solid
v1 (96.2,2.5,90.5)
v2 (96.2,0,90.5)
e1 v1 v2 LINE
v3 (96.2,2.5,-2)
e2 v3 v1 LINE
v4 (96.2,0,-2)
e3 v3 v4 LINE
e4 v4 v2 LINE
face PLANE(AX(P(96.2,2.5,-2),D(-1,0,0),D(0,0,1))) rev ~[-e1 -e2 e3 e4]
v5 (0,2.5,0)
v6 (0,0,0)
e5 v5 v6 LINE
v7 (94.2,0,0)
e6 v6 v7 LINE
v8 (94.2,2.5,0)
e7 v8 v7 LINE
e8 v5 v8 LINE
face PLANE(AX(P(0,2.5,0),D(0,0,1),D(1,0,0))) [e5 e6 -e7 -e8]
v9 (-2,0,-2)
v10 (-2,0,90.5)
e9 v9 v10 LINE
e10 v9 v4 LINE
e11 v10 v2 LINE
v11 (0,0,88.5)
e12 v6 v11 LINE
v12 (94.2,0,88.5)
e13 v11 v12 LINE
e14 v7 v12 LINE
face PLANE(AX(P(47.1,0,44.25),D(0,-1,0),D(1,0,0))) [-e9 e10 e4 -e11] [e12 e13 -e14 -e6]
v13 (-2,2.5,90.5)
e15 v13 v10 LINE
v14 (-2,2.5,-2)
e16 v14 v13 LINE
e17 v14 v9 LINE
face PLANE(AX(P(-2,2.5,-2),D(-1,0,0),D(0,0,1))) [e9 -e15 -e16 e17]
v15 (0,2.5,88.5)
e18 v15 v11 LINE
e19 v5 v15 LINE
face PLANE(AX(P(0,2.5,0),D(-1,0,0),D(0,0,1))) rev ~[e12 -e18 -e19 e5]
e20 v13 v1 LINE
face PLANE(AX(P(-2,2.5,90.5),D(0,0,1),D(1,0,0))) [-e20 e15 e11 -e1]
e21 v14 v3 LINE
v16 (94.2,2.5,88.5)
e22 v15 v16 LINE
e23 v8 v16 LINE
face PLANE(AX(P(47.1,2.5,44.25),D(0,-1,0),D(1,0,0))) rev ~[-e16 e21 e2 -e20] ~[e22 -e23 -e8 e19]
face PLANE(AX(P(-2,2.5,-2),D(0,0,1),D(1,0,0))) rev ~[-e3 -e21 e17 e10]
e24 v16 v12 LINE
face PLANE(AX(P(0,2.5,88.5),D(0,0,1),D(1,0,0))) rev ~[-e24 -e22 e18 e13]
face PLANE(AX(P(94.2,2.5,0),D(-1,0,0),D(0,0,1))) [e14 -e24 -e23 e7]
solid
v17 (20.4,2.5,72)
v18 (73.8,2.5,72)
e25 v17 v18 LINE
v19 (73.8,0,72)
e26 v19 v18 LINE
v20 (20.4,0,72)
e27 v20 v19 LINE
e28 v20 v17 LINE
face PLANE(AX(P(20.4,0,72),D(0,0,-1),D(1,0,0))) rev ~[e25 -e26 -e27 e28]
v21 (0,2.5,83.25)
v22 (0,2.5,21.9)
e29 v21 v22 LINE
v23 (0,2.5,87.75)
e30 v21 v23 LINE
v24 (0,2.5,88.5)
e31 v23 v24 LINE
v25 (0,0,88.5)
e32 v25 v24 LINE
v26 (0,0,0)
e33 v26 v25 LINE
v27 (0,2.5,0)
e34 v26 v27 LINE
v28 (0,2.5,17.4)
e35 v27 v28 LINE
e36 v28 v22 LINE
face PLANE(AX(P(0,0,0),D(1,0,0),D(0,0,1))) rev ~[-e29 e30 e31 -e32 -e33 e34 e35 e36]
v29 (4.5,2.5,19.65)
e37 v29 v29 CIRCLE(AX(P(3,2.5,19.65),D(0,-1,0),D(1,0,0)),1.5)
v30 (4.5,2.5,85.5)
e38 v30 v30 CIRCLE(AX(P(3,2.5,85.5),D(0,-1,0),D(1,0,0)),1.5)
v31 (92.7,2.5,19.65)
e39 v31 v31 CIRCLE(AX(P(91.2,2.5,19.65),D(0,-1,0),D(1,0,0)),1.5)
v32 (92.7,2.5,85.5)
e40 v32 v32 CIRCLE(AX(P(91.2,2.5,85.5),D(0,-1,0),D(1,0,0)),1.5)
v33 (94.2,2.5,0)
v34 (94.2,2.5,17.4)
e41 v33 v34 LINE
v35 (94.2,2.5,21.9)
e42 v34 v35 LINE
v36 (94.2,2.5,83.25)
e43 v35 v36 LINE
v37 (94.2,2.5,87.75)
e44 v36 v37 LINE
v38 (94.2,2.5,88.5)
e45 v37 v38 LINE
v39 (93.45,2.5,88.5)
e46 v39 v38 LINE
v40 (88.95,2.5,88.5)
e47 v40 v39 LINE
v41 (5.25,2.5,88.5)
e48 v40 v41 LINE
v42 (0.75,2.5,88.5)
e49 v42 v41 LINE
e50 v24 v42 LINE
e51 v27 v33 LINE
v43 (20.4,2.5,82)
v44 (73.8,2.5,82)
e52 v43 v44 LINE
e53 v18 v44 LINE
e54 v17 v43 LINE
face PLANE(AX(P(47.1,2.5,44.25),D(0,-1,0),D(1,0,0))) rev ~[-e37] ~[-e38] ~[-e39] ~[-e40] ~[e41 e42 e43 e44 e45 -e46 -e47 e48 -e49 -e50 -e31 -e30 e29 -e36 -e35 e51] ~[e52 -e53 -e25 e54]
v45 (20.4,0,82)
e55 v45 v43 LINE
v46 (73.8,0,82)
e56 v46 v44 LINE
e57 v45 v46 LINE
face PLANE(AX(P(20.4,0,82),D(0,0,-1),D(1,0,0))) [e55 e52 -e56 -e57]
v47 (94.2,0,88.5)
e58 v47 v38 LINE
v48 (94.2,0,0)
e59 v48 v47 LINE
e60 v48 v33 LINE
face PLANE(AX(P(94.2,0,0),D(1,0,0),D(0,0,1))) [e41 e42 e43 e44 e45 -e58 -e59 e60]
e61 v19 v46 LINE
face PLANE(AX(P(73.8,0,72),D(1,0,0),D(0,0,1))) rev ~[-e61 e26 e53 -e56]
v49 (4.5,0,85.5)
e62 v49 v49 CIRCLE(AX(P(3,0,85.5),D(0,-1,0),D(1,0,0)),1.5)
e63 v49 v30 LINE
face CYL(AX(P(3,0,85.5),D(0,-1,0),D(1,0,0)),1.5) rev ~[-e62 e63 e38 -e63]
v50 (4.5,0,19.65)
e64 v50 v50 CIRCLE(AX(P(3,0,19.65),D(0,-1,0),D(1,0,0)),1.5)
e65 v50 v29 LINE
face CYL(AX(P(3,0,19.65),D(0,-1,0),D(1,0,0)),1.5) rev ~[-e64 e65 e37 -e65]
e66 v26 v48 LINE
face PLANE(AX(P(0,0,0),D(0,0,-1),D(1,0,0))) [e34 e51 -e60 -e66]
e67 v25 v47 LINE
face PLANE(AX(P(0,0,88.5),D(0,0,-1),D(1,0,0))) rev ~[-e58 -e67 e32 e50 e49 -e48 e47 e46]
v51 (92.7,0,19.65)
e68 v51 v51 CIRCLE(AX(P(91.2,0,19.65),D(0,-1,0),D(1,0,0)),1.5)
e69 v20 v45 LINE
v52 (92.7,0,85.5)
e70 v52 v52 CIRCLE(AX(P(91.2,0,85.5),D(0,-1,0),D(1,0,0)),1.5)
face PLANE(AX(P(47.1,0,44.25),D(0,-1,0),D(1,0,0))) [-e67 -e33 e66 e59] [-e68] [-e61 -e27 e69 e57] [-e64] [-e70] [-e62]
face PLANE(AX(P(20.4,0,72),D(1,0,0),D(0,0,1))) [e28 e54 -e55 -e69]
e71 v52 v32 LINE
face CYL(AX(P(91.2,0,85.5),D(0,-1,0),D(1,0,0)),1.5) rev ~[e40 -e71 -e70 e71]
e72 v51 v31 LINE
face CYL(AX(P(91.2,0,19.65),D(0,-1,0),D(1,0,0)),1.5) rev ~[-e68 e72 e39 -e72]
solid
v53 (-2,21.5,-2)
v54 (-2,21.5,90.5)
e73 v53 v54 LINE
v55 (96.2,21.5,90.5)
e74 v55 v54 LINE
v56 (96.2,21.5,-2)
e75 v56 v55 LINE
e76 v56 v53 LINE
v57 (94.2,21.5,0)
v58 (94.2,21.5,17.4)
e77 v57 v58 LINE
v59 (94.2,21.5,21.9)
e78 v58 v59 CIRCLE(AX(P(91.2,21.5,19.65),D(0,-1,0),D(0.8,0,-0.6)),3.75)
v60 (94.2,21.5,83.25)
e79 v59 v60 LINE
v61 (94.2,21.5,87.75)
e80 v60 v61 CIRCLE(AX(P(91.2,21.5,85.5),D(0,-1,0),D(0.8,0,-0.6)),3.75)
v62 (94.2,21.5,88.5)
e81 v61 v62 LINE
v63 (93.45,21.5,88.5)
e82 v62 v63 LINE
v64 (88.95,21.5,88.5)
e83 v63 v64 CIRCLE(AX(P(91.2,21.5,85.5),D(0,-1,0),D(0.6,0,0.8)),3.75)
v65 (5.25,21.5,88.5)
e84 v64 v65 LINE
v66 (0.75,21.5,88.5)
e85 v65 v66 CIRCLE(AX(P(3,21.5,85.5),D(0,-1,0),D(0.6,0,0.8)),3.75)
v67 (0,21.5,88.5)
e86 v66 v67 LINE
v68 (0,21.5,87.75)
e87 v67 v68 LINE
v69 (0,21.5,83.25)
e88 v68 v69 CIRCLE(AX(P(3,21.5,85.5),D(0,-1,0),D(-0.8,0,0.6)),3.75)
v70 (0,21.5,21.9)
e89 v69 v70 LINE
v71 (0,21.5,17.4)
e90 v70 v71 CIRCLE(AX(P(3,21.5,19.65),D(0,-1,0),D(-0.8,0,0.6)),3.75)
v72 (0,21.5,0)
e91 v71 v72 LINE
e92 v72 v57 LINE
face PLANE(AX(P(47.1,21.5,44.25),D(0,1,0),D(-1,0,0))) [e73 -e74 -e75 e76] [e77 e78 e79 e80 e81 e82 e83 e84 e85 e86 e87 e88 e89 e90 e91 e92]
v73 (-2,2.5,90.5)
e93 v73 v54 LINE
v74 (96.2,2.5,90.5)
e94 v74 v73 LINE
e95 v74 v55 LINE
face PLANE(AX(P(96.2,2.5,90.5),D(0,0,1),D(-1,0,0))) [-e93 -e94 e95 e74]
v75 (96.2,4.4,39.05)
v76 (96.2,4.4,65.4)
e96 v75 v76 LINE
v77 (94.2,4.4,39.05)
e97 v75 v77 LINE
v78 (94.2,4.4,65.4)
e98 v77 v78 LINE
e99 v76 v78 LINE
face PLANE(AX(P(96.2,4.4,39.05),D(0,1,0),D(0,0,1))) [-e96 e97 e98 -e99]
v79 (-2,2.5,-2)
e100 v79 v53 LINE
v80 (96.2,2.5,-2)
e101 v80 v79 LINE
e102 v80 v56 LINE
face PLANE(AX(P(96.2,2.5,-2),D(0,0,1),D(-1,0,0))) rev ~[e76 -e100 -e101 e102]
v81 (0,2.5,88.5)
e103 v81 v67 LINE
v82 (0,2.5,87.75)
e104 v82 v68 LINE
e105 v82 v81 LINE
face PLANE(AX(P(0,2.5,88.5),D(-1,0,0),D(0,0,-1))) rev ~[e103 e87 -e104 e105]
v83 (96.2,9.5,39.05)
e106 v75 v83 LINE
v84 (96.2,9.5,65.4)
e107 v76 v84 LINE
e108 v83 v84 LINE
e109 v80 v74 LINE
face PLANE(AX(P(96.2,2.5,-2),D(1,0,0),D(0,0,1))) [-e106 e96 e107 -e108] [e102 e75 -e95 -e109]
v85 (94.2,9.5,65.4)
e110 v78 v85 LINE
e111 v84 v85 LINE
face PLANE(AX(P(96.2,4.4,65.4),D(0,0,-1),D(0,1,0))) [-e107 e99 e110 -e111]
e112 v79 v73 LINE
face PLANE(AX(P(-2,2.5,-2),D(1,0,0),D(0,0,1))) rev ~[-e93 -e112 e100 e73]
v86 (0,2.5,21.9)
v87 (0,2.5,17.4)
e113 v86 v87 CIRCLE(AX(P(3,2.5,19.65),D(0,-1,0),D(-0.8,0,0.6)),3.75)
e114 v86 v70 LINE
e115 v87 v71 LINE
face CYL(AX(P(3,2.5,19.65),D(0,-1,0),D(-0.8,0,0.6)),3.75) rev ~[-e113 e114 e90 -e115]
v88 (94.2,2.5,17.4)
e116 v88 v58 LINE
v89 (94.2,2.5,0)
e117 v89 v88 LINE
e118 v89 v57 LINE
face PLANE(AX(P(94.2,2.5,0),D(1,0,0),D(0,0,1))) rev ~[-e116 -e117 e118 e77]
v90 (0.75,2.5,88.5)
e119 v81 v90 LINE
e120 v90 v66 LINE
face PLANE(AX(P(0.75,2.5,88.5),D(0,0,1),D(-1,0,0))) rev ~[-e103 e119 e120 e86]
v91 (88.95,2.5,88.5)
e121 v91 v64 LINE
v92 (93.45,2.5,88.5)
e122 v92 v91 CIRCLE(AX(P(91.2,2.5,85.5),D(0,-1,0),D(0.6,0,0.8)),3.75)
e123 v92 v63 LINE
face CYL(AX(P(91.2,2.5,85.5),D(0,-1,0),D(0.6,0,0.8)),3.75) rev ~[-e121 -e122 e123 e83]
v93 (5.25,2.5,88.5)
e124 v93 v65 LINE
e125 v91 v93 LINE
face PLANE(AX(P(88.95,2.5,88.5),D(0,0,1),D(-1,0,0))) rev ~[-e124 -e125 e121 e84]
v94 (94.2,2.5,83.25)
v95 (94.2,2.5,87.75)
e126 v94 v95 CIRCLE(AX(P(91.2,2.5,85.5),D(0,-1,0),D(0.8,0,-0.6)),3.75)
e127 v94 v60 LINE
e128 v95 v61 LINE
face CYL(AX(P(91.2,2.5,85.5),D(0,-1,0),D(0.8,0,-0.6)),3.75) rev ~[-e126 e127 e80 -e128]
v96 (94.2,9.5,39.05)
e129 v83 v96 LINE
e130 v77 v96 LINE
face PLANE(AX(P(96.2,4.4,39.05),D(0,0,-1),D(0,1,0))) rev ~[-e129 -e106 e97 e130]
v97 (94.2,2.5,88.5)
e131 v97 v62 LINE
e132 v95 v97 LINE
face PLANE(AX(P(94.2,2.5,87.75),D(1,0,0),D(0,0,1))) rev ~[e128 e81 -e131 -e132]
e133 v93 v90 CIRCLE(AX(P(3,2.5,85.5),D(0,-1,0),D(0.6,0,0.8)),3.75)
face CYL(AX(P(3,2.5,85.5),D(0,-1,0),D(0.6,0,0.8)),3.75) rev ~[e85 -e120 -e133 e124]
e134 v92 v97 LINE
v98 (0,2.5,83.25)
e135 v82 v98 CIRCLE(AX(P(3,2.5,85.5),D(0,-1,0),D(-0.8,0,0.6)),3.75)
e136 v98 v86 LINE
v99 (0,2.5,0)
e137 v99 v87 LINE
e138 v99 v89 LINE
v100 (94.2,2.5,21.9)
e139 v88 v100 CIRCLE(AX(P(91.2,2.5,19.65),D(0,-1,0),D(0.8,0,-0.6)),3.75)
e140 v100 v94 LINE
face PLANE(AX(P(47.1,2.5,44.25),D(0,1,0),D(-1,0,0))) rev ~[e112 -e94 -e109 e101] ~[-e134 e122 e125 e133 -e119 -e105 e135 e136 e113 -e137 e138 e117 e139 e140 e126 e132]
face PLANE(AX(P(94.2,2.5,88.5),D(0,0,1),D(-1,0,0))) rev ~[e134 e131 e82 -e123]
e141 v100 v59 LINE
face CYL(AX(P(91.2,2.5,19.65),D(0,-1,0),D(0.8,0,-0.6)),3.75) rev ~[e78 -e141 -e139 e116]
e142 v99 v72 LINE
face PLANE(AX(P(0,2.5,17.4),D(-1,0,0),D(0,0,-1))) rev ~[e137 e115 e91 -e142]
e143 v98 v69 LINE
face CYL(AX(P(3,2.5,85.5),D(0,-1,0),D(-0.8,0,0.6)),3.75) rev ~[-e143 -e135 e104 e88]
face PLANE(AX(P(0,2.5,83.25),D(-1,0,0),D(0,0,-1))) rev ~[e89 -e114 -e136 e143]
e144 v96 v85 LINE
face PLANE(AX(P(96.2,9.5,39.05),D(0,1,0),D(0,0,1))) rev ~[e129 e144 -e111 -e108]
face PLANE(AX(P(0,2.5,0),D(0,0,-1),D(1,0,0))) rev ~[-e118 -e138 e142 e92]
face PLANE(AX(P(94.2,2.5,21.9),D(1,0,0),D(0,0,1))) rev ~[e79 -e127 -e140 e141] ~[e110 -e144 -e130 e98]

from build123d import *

# Parameters (mm, degrees)
F0_W     = 94.2
F0_H     = 88.5
F0_R     = 1.5
F0_W_2   = 53.4
F0_H_2   = 10
F1_DEPTH = 2.5
F2_W     = 98.2
F2_H     = 92.5
F3_DEPTH = 19
F4_W     = 98.2
F4_H     = 92.5
F4_W_2   = 94.2
F4_H_2   = 88.5
F5_DEPTH = 2.5
F6_W     = 5.1
F6_H     = 26.35
F7_DEPTH = 2.1


with BuildPart() as f1:
    # F0 (on Front) → F1 (new body)
    with BuildSketch(Plane.XZ):
        with Locations((47.1, 44.25)):
            Rectangle(F0_W, F0_H)
        with Locations((3, 19.65)):
            Circle(F0_R, mode=Mode.SUBTRACT)
        with Locations((91.2, 19.65)):
            Circle(F0_R, mode=Mode.SUBTRACT)
        with Locations((3, 85.5)):
            Circle(F0_R, mode=Mode.SUBTRACT)
        with Locations((47.1, 77)):
            Rectangle(F0_W_2, F0_H_2, mode=Mode.SUBTRACT)
        with Locations((91.2, 85.5)):
            Circle(F0_R, mode=Mode.SUBTRACT)
    extrude(amount=-F1_DEPTH)

    # F2 (on face) → F3 (join)
    with BuildSketch(Plane(origin=(0, 2.5, 0), x_dir=(-1, 0, 0), z_dir=(0, 1, 0))):
        with Locations((-47.1, 44.25)):
            Rectangle(F2_W, F2_H)
        with BuildLine():
            Line((-94.2, 87.75), (-94.2, 88.5))
            Line((-94.2, 88.5), (-93.45, 88.5))
            ThreePointArc((-93.45, 88.5), (-91.2, 89.25), (-88.95, 88.5))
            Line((-88.95, 88.5), (-5.25, 88.5))
            ThreePointArc((-5.25, 88.5), (-3, 89.25), (-0.75, 88.5))
            Line((-0.75, 88.5), (0, 88.5))
            Line((0, 88.5), (0, 87.75))
            ThreePointArc((0, 87.75), (0.75, 85.5), (0, 83.25))
            Line((0, 83.25), (0, 21.9))
            ThreePointArc((0, 21.9), (0.75, 19.65), (0, 17.4))
            Line((0, 17.4), (0, 0))
            Line((0, 0), (-94.2, 0))
            Line((-94.2, 0), (-94.2, 17.4))
            ThreePointArc((-94.2, 17.4), (-94.95, 19.65), (-94.2, 21.9))
            Line((-94.2, 21.9), (-94.2, 83.25))
            ThreePointArc((-94.2, 83.25), (-94.95, 85.5), (-94.2, 87.75))
        make_face(mode=Mode.SUBTRACT)
    extrude(amount=F3_DEPTH)

    # F6 (on face) → F7 (cut)
    with BuildSketch(Plane.YZ.offset(96.2)):
        with Locations((6.95, 52.225)):
            Rectangle(F6_W, F6_H)
    extrude(amount=-F7_DEPTH, mode=Mode.SUBTRACT)


with BuildPart() as f5:
    # F4 (on face) → F5 (new body)
    with BuildSketch(Plane.XZ.offset(-2.5)):
        with Locations((47.1, 44.25)):
            Rectangle(F4_W, F4_H)
        with Locations((47.1, 44.25)):
            Rectangle(F4_W_2, F4_H_2, mode=Mode.SUBTRACT)
    extrude(amount=F5_DEPTH)


solid = Compound([f1.part, f5.part])
